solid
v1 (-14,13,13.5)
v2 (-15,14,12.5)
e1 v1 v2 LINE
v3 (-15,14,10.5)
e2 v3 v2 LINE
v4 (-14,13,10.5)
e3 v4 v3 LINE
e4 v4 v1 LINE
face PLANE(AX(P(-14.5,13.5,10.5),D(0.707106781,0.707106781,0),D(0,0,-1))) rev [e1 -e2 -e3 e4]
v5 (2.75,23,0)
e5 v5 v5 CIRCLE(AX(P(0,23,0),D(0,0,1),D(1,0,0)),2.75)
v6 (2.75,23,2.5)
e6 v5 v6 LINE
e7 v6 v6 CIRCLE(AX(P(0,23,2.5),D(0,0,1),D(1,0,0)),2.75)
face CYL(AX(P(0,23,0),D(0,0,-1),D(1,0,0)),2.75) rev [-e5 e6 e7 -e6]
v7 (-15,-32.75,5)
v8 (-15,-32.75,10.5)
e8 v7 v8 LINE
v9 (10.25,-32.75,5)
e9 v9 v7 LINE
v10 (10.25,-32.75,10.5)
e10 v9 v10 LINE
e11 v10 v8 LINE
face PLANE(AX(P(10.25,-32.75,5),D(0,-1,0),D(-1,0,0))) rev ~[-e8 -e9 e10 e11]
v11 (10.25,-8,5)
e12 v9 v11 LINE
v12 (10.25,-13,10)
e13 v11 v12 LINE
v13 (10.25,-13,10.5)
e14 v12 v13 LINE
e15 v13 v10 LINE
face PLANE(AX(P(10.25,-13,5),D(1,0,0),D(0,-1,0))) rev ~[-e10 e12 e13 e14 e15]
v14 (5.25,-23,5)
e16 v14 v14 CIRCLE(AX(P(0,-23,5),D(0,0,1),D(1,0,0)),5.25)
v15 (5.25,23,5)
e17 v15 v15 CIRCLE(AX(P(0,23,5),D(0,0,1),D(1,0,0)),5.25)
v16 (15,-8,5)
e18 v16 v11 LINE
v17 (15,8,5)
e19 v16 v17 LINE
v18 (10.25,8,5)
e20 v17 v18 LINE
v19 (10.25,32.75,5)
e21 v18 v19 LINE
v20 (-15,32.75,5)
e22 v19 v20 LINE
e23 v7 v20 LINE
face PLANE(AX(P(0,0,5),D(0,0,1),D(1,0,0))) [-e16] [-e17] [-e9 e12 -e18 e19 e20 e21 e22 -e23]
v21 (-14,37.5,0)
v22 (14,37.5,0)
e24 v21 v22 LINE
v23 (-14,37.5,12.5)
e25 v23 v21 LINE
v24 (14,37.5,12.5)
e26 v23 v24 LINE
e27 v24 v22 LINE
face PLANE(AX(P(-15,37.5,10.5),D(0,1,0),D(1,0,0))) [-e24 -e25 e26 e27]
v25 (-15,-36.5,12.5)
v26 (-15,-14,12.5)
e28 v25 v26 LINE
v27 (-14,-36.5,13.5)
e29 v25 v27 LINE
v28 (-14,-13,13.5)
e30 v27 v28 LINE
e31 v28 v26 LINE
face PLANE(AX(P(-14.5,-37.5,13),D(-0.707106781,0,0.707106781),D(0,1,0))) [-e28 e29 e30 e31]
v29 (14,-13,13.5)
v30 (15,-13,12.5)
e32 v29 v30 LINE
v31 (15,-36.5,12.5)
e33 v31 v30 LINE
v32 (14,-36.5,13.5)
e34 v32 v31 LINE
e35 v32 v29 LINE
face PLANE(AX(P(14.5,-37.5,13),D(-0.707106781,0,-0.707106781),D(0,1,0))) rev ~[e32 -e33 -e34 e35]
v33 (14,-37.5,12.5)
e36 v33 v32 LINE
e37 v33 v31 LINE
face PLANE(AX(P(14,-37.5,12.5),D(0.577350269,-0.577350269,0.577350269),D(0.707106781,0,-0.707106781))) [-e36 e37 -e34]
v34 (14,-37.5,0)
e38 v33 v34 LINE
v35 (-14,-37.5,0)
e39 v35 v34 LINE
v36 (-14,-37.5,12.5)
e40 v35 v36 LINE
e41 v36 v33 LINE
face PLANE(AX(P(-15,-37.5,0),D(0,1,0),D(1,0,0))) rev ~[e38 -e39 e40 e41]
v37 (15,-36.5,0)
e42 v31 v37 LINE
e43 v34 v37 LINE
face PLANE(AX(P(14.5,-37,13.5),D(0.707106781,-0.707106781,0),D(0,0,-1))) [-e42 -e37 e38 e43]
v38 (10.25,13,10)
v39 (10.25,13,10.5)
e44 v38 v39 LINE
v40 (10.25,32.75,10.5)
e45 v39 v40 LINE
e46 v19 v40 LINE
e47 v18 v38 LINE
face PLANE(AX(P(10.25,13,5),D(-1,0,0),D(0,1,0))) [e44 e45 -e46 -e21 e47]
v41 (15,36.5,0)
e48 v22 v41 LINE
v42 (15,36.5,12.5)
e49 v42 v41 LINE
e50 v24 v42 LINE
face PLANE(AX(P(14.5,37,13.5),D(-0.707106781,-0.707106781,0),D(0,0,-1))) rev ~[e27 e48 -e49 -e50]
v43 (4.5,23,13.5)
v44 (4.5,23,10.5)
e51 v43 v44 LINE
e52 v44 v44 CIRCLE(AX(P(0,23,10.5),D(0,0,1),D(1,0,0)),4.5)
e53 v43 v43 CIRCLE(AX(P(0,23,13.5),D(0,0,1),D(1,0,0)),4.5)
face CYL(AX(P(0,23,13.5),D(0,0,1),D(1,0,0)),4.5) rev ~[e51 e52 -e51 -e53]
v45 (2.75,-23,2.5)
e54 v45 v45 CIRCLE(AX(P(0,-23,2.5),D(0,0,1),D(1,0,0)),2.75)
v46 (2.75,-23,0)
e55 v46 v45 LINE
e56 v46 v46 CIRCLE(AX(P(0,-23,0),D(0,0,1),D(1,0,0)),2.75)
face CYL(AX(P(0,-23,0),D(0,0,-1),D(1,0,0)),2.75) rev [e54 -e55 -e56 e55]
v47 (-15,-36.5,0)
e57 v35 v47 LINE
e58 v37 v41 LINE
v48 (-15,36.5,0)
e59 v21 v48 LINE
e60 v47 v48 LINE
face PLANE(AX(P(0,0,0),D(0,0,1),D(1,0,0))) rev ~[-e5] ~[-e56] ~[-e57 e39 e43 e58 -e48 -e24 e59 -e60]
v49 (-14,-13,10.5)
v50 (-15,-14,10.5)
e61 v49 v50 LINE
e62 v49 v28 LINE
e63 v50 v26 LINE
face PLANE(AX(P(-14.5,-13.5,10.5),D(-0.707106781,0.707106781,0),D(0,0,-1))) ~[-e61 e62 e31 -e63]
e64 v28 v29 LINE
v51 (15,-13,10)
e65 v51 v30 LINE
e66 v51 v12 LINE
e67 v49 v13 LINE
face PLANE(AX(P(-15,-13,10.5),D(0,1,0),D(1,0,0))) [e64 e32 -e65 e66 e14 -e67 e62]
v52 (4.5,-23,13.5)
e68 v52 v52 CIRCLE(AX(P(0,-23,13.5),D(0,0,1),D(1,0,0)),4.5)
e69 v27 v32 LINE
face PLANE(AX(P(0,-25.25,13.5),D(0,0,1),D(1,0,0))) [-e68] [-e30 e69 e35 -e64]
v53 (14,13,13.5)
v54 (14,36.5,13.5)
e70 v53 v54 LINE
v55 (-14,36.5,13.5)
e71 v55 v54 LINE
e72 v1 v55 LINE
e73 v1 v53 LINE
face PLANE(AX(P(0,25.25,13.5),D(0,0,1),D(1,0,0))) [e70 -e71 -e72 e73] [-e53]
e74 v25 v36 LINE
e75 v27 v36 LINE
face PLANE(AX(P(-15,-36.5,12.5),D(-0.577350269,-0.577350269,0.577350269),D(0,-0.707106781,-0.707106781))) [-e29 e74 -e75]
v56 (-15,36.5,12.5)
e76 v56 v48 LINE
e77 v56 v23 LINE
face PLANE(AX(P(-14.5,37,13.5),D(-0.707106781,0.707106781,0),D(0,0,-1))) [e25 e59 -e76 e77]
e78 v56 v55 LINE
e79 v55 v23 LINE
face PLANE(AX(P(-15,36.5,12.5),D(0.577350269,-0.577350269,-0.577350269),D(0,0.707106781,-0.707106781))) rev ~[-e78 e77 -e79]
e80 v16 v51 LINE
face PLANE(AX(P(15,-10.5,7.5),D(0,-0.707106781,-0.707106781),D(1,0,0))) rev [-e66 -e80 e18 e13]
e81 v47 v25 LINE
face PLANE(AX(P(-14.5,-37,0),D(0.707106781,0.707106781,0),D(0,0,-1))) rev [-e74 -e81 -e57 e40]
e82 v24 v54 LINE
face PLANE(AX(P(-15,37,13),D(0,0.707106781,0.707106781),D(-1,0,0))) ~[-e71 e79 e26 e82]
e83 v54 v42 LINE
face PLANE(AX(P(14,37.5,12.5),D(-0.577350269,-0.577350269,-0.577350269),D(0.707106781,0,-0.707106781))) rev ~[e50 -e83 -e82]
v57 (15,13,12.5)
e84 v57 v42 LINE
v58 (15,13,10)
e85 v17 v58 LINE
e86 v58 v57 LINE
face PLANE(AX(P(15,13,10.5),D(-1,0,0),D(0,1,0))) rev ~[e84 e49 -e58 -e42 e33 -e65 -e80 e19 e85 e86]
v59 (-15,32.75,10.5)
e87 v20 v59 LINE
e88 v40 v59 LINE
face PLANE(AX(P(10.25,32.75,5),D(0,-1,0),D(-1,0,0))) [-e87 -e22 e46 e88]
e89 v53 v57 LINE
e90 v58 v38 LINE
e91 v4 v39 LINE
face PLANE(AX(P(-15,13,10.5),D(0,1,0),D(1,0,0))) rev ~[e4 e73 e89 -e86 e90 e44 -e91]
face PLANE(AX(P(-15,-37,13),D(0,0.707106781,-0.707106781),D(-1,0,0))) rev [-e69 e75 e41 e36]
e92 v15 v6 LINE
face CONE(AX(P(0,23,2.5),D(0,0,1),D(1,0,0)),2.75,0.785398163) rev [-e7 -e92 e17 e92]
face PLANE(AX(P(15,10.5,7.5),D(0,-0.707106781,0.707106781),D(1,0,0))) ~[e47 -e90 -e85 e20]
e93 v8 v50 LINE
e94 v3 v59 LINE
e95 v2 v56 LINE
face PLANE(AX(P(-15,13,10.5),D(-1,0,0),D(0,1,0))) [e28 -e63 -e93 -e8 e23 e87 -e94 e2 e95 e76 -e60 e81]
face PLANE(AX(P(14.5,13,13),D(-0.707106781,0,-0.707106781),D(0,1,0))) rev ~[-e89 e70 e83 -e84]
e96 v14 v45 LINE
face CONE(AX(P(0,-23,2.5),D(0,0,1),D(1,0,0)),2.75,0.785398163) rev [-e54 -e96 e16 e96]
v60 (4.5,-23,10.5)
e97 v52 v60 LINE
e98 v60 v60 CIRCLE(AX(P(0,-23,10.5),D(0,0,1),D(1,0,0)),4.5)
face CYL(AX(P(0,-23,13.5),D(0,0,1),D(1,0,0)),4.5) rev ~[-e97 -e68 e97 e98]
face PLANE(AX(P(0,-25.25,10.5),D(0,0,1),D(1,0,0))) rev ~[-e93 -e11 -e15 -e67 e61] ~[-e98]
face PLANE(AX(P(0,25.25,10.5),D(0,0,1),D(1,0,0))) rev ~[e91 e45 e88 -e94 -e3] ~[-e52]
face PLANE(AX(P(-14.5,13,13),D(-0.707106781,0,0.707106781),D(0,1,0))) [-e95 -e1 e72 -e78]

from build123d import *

# Parameters (mm, degrees)
SKETCH001_W     = 30
SKETCH001_H     = 75
SKETCH001_R     = 2.75
PAD_DEPTH       = 5
PAD001_DEPTH    = 5.5
SKETCH003_W     = 30
SKETCH003_H     = 24.5
PAD002_DEPTH    = 3
CHAMFER_SIZE    = 2.5
SKETCH004_R     = 4.5
POCKET_DEPTH    = 3
CHAMFER001_SIZE = 5
CHAMFER002_SIZE = 1


with BuildPart() as part:
    # Sketch001 → Pad (new body)
    with BuildSketch(Plane.XY):
        Rectangle(SKETCH001_W, SKETCH001_H)
        with Locations((0, 23)):
            Circle(SKETCH001_R, mode=Mode.SUBTRACT)
        with Locations((0, -23)):
            Circle(SKETCH001_R, mode=Mode.SUBTRACT)
    extrude(amount=PAD_DEPTH)

    # Sketch002 (on Face8 of Pad) → Pad001 (join)
    with BuildSketch(Plane.XY.offset(5)):
        Polygon((-15, 37.5), (15, 37.5), (15, 13), (10.25, 13), (10.25, 32.75), (-15, 32.75), align=None)
        Polygon((-15, -37.5), (15, -37.5), (15, -13), (10.25, -13), (10.25, -32.75), (-15, -32.75), align=None)
    extrude(amount=PAD001_DEPTH)

    # Sketch003 (on Face10 of Pad001) → Pad002 (join)
    with BuildSketch(Plane.XY.offset(10.5)):
        with Locations((0, 25.25)):
            Rectangle(SKETCH003_W, SKETCH003_H)
        with Locations((0, -25.25)):
            Rectangle(SKETCH003_W, SKETCH003_H)
    extrude(amount=PAD002_DEPTH)

    # Chamfer
    chamfer_edges = [part.edges().sort_by_distance(p)[0] for p in [
        (-2.75, -23, 5),
        (-2.75, 23, 5),
    ]]
    chamfer(chamfer_edges, length=CHAMFER_SIZE)

    # Sketch004 (on Face18 of Chamfer) → Pocket (cut)
    with BuildSketch(Plane.XY.offset(13.5)):
        with Locations((0, 23)):
            Circle(SKETCH004_R)
        with Locations((0, -23)):
            Circle(SKETCH004_R)
    extrude(amount=-POCKET_DEPTH, mode=Mode.SUBTRACT)

    # Chamfer001
    chamfer001_edges = [part.edges().sort_by_distance(p)[0] for p in [
        (12.625, 13, 5),
        (12.625, -13, 5),
    ]]
    chamfer(chamfer001_edges, length=CHAMFER001_SIZE)

    # Chamfer002
    chamfer002_edges = [part.edges().sort_by_distance(p)[0] for p in [
        (15, 25.25, 13.5),
        (0, 37.5, 13.5),
        (15, -25.25, 13.5),
        (0, -37.5, 13.5),
        (-15, 25.25, 13.5),
        (-15, -25.25, 13.5),
        (-15, 13, 12),
        (-15, -13, 12),
        (-15, -37.5, 6.75),
        (-15, 37.5, 6.75),
        (15, -37.5, 6.75),
        (15, 37.5, 6.75),
    ]]
    chamfer(chamfer002_edges, length=CHAMFER002_SIZE)


solid = part.part
